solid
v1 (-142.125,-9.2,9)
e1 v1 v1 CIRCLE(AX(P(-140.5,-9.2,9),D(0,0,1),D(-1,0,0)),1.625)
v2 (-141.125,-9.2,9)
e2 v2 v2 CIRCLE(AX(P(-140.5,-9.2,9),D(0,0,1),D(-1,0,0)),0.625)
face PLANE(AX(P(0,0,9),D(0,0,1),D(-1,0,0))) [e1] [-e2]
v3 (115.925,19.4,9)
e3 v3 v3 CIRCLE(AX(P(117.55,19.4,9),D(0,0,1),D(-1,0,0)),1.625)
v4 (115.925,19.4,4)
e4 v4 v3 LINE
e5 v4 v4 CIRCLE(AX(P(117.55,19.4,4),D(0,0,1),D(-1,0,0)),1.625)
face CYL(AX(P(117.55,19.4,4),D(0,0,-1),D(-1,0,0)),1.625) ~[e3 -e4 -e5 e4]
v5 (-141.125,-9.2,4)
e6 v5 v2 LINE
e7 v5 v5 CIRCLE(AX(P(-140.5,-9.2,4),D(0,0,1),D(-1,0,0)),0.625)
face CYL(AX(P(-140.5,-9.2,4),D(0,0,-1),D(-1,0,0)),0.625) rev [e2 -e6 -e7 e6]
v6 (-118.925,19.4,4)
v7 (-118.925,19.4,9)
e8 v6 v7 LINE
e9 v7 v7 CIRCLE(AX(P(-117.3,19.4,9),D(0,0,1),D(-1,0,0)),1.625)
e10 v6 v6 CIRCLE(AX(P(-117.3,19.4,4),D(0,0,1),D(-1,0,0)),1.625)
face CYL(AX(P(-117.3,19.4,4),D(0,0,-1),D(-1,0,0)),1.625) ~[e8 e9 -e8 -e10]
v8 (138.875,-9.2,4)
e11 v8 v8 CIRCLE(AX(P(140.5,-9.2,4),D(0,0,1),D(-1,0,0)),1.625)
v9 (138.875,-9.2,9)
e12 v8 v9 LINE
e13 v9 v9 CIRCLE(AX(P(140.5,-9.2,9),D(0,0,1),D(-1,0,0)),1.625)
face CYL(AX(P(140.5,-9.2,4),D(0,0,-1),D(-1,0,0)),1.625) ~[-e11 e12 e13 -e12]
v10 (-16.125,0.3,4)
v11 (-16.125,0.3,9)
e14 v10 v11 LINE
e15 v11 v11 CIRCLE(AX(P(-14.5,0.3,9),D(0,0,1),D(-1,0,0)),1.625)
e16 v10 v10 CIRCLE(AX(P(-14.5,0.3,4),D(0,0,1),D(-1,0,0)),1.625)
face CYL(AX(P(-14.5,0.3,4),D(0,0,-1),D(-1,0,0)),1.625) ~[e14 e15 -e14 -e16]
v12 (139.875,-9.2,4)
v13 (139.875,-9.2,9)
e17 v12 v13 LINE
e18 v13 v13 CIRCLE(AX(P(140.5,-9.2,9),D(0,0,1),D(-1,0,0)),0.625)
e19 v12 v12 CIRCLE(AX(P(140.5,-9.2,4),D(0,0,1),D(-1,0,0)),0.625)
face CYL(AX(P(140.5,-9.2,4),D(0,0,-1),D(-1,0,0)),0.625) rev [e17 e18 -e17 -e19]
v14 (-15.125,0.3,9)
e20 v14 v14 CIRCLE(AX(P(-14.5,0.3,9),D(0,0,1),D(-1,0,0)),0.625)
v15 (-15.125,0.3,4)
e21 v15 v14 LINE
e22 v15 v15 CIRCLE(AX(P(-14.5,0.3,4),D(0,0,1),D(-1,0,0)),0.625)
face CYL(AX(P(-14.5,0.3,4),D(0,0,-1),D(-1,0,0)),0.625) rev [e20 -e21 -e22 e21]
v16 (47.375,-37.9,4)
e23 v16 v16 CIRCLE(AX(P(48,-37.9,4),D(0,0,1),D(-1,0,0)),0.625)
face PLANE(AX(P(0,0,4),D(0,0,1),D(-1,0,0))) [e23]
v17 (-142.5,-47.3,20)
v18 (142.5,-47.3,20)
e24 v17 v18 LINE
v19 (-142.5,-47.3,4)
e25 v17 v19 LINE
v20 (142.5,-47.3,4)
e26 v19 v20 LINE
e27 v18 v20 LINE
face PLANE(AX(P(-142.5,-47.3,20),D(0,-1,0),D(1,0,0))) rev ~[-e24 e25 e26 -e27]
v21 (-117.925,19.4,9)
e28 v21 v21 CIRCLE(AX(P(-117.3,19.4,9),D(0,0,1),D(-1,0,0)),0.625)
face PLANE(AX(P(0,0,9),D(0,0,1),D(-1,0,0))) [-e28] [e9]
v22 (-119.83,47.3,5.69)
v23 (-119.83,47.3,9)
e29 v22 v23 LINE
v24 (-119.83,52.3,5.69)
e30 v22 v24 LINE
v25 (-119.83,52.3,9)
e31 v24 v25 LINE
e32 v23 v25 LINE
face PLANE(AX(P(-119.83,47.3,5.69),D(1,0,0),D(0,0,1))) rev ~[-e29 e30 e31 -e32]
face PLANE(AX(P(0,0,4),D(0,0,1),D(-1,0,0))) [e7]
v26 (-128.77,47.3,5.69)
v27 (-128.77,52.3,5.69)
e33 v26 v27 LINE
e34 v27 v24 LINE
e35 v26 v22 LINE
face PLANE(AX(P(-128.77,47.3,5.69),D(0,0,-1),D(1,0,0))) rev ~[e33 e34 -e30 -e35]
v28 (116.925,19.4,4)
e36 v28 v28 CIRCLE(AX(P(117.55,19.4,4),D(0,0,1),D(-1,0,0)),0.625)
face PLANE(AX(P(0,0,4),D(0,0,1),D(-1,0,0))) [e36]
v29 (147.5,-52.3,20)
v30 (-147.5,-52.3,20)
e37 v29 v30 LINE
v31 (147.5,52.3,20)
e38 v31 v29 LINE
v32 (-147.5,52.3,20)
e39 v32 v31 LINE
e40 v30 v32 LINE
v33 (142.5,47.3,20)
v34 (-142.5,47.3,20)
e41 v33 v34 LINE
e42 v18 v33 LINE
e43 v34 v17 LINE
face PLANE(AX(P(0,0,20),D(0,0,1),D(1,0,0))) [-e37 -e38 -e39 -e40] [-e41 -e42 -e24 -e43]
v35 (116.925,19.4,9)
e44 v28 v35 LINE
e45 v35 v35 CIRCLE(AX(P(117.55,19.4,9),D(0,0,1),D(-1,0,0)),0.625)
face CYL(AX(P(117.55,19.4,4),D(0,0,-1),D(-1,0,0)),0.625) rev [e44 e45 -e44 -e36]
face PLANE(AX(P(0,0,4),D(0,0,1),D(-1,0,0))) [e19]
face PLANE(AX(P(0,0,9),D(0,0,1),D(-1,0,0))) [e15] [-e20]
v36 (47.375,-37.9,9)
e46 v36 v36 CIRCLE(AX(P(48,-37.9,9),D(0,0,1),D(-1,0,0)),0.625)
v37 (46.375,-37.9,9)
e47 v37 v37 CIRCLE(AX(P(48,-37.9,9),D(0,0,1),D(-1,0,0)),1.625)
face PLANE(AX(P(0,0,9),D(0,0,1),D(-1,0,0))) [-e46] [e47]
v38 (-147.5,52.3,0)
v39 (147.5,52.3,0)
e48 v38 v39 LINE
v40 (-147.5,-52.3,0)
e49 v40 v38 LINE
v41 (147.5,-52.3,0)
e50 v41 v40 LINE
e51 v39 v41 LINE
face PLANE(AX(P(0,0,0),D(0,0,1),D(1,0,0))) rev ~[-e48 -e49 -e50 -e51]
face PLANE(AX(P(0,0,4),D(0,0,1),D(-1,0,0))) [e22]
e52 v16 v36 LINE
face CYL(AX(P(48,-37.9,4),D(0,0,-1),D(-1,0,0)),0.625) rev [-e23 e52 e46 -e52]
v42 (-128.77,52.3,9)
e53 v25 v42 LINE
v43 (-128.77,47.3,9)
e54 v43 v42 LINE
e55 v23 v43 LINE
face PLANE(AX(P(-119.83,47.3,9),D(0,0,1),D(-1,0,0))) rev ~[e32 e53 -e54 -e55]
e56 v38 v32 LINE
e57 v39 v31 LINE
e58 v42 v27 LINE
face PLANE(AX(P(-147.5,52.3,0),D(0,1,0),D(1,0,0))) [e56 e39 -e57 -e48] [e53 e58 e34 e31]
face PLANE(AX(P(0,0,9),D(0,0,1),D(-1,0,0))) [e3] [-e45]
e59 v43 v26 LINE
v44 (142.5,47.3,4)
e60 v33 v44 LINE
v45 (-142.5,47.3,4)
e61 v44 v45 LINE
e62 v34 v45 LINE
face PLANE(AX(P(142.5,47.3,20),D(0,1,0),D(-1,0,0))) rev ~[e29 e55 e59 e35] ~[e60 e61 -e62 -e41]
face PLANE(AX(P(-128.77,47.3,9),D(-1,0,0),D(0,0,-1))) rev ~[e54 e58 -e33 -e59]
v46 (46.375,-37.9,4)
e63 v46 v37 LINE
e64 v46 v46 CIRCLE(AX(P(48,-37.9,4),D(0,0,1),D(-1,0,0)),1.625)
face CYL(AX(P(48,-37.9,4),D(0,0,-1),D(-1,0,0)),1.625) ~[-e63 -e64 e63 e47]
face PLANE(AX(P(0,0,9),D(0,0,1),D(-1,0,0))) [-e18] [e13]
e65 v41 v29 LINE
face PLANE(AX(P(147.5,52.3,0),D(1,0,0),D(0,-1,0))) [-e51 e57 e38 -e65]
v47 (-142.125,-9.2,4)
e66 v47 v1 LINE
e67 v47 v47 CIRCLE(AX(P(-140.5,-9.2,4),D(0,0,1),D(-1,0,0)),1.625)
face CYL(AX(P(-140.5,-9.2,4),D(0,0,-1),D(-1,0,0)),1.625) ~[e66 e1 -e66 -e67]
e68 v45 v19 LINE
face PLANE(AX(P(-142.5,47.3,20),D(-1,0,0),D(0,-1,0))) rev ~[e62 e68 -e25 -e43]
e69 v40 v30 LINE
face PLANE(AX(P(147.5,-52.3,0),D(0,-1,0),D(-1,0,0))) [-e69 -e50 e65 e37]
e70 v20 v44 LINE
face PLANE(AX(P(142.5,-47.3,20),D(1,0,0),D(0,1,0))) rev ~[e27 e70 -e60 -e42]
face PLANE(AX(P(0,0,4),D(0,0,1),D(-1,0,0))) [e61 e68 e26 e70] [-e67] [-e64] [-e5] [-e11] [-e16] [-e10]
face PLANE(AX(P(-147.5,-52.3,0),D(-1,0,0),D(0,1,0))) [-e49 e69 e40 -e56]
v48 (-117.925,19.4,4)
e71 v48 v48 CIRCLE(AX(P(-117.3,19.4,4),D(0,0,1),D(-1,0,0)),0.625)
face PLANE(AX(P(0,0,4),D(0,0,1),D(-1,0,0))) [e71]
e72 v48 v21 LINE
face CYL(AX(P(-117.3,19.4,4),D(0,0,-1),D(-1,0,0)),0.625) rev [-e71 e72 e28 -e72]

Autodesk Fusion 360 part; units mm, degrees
sketch "Body" plane through (0, 0, 0) normal (0, 0, 1) x (1, 0, 0)
  line L0 (147.5, -52.3) -> (-147.5, -52.3)
  line L1 (-147.5, -52.3) -> (-147.5, 52.3)
  line L2 (-147.5, 52.3) -> (147.5, 52.3)
  line L3 (147.5, 52.3) -> (147.5, -52.3)
  line L4 (147.5, -52.3) -> (-147.5, 52.3) construction
  line L5 (-147.5, -52.3) -> (147.5, 52.3) construction
  dimension "d15" = 295
  dimension "d16" = 104.6
extrude "Extrude3" add sketch "Body" along normal blind 20
sketch "Walls" plane through (0, 0, 20) normal (0, 0, 1) x (-1, 0, 0)
  line L0 (-147.5, -52.3) -> (147.5, -52.3)
  line L1 (147.5, -52.3) -> (147.5, 52.3)
  line L2 (147.5, 52.3) -> (-147.5, 52.3)
  line L3 (-147.5, 52.3) -> (-147.5, -52.3)
  line L4 (142.5, 47.3) -> (-142.5, 47.3)
  line L5 (-142.5, 47.3) -> (-142.5, -47.3)
  line L6 (-142.5, -47.3) -> (142.5, -47.3)
  line L7 (142.5, -47.3) -> (142.5, 47.3)
  dimension "d19" = -5
extrude "Extrude4" cut sketch "Walls" against normal up to surface (16 mm away) contours L4 L5 L6 L7
sketch "Screws" plane through (0, 0, 4) normal (0, 0, 1) x (-1, 0, 0)
  line L0 (142.5, 47.3) -> (-142.5, 47.3)
  line L1 (-142.5, 47.3) -> (-142.5, -47.3)
  line L2 (-142.5, -47.3) -> (142.5, -47.3)
  line L3 (142.5, -47.3) -> (142.5, 47.3)
  circle A0 centre (117.3, -19.4) radius 1.625
  circle A1 centre (140.5, 9.2) radius 1.625
  circle A2 centre (14.5, -0.3) radius 1.625
  circle A3 centre (-48, 37.9) radius 1.625
  circle A4 centre (-117.55, -19.4) radius 1.625
  circle A5 centre (-140.5, 9.2) radius 1.625
  circle A6 centre (140.5, 9.2) radius 0.625
  circle A7 centre (117.3, -19.4) radius 0.625
  circle A8 centre (14.5, -0.3) radius 0.625
  circle A9 centre (-48, 37.9) radius 0.625
  circle A10 centre (-117.55, -19.4) radius 0.625
  circle A11 centre (-140.5, 9.2) radius 0.625
  point P0 (117.3, -19.4)
  dimension "d32" = 3.25
  dimension "d33" = 27.9
  dimension "d34" = 25.2
  dimension "d35" = 3.25
  dimension "d36" = 2
  dimension "d37" = 56.5
  dimension "d38" = 3.25
  dimension "d39" = 128
  dimension "d40" = 47
  dimension "d41" = 3.25
  dimension "d42" = 85.2
  dimension "d43" = 190.5
  dimension "d44" = 3.25
  dimension "d45" = 27.9
  dimension "d46" = 24.95
  dimension "d47" = 3.25
  dimension "d48" = 56.5
  dimension "d49" = 2
  dimension "d57" = -1
  dimension "d58" = -1
  dimension "d59" = -1
  dimension "d60" = -1
  dimension "d61" = -1
  dimension "d62" = -1
extrude "Extrude9" add sketch "Screws" along normal blind 5 contours A0 | A1 | A2 | A3 | A4 | A5
fillet "Fillet1" [suppressed]
thread "Thread2" [suppressed]
sketch "Sketch13" plane through (0, 47.3, 0) normal (0, -1, 0) x (1, 0, 0)
  line L0 (-142.5, 4) -> (142.5, 4)
  line L1 (142.5, 4) -> (142.5, 20)
  line L2 (142.5, 20) -> (-142.5, 20)
  line L3 (-142.5, 20) -> (-142.5, 4)
  line L4 (-119.83, 9) -> (-128.77, 9)
  line L5 (-128.77, 9) -> (-128.77, 5.69)
  line L6 (-128.77, 5.69) -> (-119.83, 5.69)
  line L7 (-119.83, 5.69) -> (-119.83, 9)
  line L8 (-119.83, 9) -> (-128.77, 5.69) construction
  line L9 (-128.77, 9) -> (-119.83, 5.69) construction
  line L10 (142.5, 4) -> (-142.5, 4)
  point P0 (-124.3, 7.345)
  dimension "d65" = 8.94
  dimension "d66" = 3.31
  dimension "d67" = 18.2
  dimension "d71" = 5
extrude "Extrude10" cut sketch "Sketch13" against normal up to surface (5 mm away) contours L4 L5 L6 L7
fillet "Fillet3" [suppressed]
equation "d15 = 285 mm + 10 mm"
equation "d16 = 94.6 mm + 10 mm"
equation "d32 = 2 mm + 1.25 mm"
equation "d67 = 25.2 mm - 7 mm"
equation "d73 = ( 3.31 / 2 ) * 1 mm"
